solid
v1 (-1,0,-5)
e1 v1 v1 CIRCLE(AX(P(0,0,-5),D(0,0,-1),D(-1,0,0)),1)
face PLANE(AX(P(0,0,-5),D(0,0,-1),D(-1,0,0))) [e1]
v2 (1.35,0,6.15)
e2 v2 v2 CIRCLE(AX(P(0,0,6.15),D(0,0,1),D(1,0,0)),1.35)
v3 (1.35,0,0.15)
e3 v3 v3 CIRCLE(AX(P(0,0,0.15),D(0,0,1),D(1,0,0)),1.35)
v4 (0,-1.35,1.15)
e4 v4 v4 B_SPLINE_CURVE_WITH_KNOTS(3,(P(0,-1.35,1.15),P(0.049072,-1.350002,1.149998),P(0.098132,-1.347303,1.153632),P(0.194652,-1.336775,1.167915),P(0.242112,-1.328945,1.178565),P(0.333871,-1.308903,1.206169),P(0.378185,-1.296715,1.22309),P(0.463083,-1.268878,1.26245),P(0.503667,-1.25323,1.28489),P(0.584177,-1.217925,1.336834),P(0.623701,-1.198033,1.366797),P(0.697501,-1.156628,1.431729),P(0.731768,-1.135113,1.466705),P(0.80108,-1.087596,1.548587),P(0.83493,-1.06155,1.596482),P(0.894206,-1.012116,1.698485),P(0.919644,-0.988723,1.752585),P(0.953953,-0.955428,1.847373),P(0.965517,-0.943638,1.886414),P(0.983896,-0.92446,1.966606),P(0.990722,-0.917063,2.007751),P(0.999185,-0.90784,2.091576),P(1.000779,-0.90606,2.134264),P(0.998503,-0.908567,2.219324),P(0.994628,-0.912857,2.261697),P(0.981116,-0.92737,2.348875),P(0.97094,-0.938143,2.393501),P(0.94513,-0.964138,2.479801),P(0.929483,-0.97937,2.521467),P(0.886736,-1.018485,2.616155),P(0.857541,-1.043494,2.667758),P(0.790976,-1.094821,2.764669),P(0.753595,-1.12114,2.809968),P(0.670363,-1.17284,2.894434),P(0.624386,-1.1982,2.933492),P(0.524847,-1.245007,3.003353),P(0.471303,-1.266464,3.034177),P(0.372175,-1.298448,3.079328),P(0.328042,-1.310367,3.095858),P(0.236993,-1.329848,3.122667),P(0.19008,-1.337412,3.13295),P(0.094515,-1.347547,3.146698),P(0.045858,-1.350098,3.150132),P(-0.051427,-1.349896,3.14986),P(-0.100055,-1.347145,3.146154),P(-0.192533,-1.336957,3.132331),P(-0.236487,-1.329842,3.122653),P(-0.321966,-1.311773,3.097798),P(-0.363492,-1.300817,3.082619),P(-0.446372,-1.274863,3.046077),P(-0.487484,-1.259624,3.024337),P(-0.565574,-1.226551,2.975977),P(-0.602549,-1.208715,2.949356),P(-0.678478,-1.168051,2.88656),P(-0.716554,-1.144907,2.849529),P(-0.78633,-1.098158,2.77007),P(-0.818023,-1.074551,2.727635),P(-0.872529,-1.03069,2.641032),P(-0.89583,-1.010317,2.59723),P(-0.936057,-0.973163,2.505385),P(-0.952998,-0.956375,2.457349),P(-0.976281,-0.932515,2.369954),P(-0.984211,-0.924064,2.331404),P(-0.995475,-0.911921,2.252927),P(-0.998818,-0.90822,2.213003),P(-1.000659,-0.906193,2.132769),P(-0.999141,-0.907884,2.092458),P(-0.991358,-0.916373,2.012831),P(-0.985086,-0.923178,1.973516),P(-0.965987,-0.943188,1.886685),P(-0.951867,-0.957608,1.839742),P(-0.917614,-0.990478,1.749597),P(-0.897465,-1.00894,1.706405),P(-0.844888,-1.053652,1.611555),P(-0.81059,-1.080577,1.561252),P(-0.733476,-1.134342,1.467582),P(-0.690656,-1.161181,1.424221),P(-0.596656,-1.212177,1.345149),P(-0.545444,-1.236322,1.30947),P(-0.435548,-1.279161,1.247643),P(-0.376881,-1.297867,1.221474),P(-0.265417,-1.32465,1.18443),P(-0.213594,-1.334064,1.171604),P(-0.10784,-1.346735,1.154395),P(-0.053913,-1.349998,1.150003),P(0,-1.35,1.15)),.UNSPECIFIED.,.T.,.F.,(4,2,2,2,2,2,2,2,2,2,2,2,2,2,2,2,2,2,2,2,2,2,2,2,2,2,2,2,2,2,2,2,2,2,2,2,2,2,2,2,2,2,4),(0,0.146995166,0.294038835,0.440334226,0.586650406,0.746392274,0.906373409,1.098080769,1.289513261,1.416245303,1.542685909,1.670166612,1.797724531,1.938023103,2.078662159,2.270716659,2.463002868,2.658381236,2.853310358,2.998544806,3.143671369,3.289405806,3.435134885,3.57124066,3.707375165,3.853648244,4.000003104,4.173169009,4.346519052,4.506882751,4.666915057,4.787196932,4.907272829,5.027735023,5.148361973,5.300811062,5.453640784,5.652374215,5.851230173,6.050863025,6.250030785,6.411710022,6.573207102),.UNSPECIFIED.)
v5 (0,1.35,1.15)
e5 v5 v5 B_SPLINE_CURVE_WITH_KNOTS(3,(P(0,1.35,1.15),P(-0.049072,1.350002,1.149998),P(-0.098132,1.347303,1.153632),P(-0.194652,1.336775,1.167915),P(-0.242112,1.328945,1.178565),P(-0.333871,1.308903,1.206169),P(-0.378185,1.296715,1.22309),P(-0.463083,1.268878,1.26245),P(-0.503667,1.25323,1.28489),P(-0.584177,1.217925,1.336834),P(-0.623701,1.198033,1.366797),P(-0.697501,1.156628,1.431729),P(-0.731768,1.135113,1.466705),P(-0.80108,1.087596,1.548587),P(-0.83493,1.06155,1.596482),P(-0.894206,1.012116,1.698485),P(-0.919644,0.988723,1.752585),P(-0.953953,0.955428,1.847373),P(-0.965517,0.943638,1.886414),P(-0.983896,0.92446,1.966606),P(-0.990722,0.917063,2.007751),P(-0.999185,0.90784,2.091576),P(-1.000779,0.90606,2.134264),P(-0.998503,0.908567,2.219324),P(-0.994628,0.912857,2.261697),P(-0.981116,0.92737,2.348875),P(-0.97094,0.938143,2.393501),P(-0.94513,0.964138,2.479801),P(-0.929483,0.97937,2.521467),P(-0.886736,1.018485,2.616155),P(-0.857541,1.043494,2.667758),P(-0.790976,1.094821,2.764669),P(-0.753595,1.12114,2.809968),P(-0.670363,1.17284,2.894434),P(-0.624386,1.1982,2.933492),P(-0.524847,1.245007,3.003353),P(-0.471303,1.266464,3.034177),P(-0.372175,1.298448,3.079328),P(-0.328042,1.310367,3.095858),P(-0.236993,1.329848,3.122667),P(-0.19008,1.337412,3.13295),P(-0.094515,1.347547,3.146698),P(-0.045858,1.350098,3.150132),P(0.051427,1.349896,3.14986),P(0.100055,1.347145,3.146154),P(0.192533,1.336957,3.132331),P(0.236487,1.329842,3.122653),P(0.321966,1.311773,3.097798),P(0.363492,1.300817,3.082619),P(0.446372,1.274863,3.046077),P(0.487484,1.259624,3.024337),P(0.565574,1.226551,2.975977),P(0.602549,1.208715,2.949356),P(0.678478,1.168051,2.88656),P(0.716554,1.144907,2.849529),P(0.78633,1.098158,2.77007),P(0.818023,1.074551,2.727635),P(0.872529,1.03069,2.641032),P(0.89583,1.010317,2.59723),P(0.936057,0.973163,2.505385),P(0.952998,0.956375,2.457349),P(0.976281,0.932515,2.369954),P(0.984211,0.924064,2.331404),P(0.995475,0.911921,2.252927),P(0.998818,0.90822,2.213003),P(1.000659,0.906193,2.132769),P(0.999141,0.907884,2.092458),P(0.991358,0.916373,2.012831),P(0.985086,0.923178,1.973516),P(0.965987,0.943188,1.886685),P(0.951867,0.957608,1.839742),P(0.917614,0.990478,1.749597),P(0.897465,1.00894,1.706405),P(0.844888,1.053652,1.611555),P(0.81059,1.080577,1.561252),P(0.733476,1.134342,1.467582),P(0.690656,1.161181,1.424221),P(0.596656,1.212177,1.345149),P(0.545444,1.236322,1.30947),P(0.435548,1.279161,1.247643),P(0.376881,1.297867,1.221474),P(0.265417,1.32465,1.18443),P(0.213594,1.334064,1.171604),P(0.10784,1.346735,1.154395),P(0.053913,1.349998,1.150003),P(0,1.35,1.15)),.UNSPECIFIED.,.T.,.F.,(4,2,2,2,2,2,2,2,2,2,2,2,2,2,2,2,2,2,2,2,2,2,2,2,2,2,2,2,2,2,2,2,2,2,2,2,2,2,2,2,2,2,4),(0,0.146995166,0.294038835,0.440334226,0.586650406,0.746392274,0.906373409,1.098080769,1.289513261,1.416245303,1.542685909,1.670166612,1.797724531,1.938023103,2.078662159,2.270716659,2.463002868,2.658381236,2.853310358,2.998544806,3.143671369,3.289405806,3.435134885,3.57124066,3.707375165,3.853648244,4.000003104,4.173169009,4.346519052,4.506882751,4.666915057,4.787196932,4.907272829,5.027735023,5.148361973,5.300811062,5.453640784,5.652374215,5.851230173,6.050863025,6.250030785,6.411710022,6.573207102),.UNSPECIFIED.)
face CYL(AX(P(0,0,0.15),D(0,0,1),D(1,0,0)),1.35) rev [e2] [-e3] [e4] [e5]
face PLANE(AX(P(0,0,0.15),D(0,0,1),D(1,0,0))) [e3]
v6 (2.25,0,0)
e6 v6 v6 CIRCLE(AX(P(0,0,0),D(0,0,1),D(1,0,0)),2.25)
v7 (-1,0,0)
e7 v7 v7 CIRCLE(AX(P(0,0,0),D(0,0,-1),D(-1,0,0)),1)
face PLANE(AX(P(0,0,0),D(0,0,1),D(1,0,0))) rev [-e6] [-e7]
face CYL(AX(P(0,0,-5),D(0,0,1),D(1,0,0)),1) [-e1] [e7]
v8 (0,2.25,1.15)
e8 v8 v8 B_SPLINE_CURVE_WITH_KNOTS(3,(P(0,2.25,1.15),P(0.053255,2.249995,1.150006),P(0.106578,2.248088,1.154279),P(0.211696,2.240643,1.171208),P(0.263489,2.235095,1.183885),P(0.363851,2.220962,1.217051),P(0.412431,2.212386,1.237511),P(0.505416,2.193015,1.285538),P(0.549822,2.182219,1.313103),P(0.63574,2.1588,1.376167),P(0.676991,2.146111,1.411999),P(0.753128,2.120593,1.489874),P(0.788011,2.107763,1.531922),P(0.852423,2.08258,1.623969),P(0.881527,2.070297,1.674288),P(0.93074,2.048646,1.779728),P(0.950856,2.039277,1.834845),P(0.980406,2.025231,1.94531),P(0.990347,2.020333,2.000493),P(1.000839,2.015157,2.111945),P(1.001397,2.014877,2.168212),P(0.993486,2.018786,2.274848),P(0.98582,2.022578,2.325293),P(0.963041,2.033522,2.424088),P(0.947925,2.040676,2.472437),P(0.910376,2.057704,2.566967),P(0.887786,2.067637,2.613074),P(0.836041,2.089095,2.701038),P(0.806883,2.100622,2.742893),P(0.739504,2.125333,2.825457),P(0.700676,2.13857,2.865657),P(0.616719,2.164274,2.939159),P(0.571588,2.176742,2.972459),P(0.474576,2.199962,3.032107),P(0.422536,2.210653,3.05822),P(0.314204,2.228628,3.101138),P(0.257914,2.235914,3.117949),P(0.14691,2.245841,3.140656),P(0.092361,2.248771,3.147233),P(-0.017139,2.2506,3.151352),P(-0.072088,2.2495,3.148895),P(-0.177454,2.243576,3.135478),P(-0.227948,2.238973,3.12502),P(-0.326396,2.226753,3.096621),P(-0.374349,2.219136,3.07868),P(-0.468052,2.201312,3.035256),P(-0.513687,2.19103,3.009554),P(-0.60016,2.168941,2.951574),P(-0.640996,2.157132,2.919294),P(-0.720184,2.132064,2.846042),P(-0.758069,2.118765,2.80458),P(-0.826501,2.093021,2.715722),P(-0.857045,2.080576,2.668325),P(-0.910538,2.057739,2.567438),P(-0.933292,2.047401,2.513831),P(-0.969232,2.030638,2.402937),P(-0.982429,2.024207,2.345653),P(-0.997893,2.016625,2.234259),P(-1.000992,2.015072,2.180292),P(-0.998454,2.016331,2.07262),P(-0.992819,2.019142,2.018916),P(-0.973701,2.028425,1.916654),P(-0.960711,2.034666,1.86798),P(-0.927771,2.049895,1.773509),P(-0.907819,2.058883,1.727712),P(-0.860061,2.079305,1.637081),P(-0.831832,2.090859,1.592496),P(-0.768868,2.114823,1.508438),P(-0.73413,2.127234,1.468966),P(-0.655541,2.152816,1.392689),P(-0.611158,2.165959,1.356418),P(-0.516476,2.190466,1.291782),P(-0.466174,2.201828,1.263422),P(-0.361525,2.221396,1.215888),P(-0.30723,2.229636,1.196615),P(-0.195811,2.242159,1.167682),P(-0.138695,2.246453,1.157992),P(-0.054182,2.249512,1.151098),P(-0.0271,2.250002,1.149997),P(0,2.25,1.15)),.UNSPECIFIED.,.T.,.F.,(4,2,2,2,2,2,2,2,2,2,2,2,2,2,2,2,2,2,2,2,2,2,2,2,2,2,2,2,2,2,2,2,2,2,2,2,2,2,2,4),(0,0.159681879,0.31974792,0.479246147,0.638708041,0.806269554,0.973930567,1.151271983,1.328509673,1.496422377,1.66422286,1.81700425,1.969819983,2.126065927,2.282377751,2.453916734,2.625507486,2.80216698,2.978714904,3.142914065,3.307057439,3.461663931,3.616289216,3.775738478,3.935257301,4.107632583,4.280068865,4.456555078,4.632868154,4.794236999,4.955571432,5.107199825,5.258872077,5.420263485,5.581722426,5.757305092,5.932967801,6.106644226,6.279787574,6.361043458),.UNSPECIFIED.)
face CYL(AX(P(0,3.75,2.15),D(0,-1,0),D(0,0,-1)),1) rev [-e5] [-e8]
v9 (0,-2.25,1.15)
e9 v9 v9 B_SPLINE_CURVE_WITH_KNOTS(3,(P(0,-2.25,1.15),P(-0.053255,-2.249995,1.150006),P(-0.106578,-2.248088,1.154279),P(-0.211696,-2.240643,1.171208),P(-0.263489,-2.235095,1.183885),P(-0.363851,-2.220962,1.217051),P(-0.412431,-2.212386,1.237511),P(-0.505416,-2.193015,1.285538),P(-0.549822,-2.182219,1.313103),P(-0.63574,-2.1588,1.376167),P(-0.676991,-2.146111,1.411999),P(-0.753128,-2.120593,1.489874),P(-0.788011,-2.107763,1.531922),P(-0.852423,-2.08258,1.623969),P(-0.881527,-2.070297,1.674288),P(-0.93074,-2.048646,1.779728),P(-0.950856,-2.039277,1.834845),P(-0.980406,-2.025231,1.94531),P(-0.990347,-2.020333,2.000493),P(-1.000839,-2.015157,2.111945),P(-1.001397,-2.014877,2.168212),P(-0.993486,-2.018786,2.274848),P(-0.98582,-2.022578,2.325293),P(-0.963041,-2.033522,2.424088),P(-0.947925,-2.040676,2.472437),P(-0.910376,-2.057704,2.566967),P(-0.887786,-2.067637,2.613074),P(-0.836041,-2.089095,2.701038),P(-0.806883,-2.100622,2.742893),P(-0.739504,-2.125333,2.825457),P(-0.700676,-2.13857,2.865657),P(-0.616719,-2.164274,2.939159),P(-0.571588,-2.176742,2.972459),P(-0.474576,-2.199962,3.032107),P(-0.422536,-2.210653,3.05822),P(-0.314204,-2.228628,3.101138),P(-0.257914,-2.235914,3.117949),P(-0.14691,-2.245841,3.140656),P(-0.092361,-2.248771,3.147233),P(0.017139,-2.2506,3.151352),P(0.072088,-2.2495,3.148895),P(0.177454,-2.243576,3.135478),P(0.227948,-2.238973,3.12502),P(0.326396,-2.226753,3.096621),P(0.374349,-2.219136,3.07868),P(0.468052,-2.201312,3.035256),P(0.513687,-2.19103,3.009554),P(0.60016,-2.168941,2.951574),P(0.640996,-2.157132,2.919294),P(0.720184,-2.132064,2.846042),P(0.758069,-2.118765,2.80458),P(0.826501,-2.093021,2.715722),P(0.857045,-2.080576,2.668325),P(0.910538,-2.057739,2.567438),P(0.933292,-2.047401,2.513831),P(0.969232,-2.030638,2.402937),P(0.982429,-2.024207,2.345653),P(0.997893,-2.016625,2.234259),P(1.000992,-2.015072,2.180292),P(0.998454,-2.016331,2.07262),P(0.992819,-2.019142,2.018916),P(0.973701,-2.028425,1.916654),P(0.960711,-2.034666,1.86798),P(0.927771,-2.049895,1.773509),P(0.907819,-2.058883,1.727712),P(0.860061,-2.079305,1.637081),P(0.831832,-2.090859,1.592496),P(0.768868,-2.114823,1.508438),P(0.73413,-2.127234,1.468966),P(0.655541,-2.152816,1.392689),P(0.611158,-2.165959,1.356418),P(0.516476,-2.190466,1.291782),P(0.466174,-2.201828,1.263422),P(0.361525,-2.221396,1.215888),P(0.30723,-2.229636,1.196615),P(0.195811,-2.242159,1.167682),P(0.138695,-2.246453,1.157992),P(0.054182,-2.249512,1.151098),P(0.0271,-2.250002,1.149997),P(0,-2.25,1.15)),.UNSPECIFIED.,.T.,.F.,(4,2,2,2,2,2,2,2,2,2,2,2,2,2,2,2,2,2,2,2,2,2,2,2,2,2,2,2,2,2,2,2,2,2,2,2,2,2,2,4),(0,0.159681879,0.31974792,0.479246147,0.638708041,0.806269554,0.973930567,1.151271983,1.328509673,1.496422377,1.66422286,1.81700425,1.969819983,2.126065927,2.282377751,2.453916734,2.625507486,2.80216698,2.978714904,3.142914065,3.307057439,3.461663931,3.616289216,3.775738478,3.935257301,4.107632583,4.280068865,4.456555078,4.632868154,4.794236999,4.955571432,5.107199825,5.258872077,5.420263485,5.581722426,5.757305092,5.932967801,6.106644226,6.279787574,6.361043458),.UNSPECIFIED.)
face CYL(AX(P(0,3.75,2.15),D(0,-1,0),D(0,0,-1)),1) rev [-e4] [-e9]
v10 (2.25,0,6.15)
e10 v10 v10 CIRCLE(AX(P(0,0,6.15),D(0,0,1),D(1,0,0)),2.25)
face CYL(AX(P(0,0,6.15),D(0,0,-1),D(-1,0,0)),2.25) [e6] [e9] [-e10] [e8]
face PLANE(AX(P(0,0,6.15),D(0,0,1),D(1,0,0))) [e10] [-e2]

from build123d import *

# Parameters (mm, degrees)
SKETCH1_R           = 2.25
BOSS_EXTRUDE1_DEPTH = 6.15
SKETCH2_R           = 1
BOSS_EXTRUDE2_DEPTH = 5
SKETCH3_R           = 1.35
CUT_EXTRUDE1_DEPTH  = 6
SKETCH4_R           = 1
CUT_EXTRUDE2_DEPTH  = 6


with BuildPart() as part:
    # Sketch1 → Boss-Extrude1 (new body)
    with BuildSketch(Plane.XY):
        Circle(SKETCH1_R)
    extrude(amount=BOSS_EXTRUDE1_DEPTH)

    # Sketch2 → Boss-Extrude2 (add)
    with BuildSketch(Plane(origin=(0, 0, 0), x_dir=(-1, 0, 0), z_dir=(0, 0, -1))):
        Circle(SKETCH2_R)
    extrude(amount=BOSS_EXTRUDE2_DEPTH)

    # Sketch3 → Cut-Extrude1 (cut)
    with BuildSketch(Plane.XY.offset(6.15)):
        Circle(SKETCH3_R)
    extrude(amount=-CUT_EXTRUDE1_DEPTH, mode=Mode.SUBTRACT)

    # Sketch4 → Cut-Extrude2 (cut)
    with BuildSketch(Plane(origin=(0, -2.25, 0), x_dir=(-1, 0, 0), z_dir=(0, -1, 0))):
        with Locations(Location((0, -2.15, 0), (0, 0, 90))):
            Circle(SKETCH4_R)
    extrude(amount=-CUT_EXTRUDE2_DEPTH, mode=Mode.SUBTRACT)


solid = part.part
